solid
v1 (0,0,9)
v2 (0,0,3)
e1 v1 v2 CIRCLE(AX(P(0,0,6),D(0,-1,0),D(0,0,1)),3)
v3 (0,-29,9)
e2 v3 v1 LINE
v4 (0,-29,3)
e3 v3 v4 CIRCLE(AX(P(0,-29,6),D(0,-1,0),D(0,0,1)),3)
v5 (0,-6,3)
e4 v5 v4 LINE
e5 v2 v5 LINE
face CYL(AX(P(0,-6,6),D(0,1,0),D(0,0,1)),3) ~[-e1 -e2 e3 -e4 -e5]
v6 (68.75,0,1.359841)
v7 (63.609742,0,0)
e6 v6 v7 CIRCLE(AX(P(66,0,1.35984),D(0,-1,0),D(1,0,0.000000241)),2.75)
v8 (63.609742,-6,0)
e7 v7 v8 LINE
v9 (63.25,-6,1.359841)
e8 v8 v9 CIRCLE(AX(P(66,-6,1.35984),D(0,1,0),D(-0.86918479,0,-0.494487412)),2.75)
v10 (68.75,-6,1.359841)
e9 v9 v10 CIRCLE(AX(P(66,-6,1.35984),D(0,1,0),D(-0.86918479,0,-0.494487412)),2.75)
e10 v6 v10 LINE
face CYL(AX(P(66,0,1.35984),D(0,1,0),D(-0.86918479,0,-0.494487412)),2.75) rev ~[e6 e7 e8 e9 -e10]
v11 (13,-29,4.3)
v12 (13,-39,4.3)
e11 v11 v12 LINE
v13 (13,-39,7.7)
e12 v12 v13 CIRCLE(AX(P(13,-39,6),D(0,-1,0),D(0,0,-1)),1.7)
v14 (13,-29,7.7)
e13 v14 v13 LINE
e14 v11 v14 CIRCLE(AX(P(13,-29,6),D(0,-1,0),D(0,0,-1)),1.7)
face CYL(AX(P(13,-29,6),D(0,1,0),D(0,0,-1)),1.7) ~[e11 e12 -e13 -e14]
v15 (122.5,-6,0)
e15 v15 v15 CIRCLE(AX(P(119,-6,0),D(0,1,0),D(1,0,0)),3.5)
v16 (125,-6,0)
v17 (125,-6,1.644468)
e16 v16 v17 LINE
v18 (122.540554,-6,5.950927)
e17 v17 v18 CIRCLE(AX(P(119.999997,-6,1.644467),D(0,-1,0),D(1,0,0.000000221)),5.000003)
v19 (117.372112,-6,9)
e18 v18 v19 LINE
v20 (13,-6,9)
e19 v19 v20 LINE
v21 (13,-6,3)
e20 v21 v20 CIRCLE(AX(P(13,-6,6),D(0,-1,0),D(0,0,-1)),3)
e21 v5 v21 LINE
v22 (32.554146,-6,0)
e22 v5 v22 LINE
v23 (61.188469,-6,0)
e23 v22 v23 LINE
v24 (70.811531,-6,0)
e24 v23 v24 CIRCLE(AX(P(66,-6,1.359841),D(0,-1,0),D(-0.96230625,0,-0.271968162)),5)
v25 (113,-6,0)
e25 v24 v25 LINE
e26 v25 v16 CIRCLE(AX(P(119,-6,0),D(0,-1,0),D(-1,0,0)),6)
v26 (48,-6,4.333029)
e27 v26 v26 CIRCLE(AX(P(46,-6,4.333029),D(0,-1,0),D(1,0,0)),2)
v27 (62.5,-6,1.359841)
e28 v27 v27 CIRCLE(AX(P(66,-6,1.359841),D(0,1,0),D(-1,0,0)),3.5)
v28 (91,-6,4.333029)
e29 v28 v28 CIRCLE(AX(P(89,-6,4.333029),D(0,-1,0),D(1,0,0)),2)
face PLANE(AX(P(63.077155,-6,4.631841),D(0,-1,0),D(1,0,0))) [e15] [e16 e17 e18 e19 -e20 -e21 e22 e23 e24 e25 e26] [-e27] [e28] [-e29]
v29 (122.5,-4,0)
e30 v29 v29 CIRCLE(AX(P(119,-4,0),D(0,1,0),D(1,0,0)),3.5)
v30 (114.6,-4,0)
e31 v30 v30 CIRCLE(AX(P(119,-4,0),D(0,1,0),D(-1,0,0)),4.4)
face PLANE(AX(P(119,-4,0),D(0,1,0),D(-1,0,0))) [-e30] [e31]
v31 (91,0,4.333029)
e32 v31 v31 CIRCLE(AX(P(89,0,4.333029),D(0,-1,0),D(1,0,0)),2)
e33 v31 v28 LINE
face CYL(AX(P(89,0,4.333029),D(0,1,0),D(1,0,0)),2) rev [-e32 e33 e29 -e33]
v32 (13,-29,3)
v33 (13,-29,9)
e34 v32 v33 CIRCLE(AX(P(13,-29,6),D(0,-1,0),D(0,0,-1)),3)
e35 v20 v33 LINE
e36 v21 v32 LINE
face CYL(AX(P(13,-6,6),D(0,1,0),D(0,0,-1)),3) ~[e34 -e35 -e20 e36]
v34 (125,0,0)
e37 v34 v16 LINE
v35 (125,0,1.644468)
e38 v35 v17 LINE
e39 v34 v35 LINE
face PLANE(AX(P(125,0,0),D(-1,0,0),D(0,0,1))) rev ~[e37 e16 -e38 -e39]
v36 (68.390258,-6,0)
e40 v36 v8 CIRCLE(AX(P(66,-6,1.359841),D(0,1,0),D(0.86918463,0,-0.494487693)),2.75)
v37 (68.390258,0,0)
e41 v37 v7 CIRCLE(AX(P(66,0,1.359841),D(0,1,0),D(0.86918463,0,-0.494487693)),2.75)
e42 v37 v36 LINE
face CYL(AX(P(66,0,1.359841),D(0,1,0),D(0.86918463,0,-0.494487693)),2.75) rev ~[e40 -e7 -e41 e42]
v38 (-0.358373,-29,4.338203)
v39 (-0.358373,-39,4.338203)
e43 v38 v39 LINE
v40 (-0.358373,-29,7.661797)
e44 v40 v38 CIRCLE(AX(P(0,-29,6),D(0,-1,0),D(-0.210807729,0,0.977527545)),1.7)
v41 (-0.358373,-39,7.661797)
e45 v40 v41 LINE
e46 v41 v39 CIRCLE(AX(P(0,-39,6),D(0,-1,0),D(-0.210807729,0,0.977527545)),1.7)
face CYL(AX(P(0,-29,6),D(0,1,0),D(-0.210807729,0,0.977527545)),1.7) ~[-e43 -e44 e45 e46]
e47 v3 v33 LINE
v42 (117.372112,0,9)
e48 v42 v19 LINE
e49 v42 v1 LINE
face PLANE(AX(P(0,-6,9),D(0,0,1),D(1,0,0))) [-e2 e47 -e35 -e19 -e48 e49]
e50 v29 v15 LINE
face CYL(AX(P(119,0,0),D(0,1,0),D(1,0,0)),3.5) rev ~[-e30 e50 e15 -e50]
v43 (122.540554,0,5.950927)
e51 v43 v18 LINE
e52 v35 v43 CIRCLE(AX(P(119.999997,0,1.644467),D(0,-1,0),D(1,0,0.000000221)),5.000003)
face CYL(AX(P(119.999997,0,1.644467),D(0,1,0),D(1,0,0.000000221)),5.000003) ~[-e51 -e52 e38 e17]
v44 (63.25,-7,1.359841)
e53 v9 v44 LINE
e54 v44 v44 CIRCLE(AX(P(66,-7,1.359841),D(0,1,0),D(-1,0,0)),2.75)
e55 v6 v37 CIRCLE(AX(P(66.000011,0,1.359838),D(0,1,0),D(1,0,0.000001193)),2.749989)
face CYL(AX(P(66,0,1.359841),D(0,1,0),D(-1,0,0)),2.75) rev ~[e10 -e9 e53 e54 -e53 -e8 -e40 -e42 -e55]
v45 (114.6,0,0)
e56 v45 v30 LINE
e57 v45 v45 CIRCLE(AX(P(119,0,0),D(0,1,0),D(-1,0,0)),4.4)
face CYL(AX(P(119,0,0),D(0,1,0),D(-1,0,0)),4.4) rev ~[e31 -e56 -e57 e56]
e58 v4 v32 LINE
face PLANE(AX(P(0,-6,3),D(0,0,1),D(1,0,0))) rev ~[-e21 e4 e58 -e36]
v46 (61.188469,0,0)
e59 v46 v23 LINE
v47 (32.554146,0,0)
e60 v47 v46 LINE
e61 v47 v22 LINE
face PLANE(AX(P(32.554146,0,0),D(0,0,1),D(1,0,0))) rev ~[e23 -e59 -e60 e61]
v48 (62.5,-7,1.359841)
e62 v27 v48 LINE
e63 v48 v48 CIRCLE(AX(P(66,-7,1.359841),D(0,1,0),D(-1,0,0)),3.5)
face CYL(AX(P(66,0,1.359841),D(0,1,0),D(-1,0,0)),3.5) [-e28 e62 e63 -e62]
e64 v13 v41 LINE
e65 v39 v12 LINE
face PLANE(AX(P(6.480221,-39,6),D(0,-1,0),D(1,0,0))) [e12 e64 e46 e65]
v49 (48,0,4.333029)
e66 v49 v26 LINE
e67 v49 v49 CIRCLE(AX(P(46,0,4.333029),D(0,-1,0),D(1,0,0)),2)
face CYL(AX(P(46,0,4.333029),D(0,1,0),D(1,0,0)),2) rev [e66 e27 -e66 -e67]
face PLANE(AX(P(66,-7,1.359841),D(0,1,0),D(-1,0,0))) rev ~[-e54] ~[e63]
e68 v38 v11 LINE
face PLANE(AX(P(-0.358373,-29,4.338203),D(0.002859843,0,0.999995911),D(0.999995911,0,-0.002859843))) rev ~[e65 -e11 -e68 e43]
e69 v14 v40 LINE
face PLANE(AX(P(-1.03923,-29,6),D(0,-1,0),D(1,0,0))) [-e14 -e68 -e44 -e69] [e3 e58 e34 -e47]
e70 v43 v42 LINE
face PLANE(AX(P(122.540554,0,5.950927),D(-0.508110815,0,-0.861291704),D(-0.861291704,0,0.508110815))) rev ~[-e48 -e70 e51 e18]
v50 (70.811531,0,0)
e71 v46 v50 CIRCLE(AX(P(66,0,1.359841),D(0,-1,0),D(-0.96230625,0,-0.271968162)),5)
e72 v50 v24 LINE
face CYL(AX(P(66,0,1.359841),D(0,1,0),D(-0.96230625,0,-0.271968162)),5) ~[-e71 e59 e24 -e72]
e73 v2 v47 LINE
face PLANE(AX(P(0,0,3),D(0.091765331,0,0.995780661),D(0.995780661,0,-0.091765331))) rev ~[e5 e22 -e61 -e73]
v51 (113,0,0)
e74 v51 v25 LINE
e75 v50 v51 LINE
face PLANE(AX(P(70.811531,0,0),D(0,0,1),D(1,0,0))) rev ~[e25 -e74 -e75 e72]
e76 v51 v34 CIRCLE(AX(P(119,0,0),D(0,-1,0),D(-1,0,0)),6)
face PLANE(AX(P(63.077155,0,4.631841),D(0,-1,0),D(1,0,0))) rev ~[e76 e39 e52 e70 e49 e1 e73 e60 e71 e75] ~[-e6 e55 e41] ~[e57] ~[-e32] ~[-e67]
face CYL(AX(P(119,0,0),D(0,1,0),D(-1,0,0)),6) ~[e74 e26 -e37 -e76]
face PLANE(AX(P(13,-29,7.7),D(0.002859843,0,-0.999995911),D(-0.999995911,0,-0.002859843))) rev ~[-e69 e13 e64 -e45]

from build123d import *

# Parameters (mm, degrees)
F0_R     = 2
F1_DEPTH = 6
F2_R     = 4.4
F3_DEPTH = 4
F4_R     = 3.5
F4_R_2   = 2.75
F5_DEPTH = 7
F6_W     = 13
F6_H     = 6
F7_DEPTH = 23
F9_DEPTH = 10


with BuildPart() as f1:
    # F0 (on Front) → F1 (new body)
    with BuildSketch(Plane.XZ):
        with BuildLine():
            Line((0, 3), (32.554146, 0))
            Line((32.554146, 0), (61.188469, 0))
            Line((61.188469, 0), (63.609742, 0))
            ThreePointArc((63.609742, 0), (65.29669, 4.018384), (68.75, 1.359841))
            ThreePointArc((68.75, 1.359841), (68.658544, 0.65653), (68.390258, 0))
            Line((68.390258, 0), (70.811531, 0))
            Line((70.811531, 0), (113, 0))
            Line((113, 0), (115.5, 0))
            ThreePointArc((115.5, 0), (119, 3.5), (122.5, 0))
            Line((122.5, 0), (125, 0))
            Line((125, 0), (125, 1.644468))
            ThreePointArc((125, 1.644468), (124.341818, 4.124108), (122.540554, 5.950927))
            Line((122.540554, 5.950927), (117.372112, 9))
            Line((117.372112, 9), (0, 9))
            Line((0, 9), (0, 3))
        make_face()
        with Locations((46, 4.333029)):
            Circle(F0_R, mode=Mode.SUBTRACT)
        with Locations((89, 4.333029)):
            Circle(F0_R, mode=Mode.SUBTRACT)
        with BuildLine():
            Line((63.609742, 0), (61.188469, 0))
            ThreePointArc((61.188469, 0), (66, -3.640159), (70.811531, 0))
            Line((70.811531, 0), (68.390258, 0))
            ThreePointArc((68.390258, 0), (66, -1.390159), (63.609742, 0))
        make_face()
        with BuildLine():
            ThreePointArc((0, 9), (-3, 6), (0, 3))
            Line((0, 3), (0, 9))
        make_face()
        with BuildLine():
            Line((115.5, 0), (113, 0))
            ThreePointArc((113, 0), (119, -6), (125, 0))
            Line((125, 0), (122.5, 0))
            ThreePointArc((122.5, 0), (119, -3.5), (115.5, 0))
        make_face()
    extrude(amount=F1_DEPTH)

    # F2 (on face) → F3 (cut)
    with BuildSketch(Plane(origin=(0, 0, 0), x_dir=(-1, 0, 0), z_dir=(0, 1, 0))):
        with Locations((-119, 0)):
            Circle(F2_R)
    extrude(amount=-F3_DEPTH, mode=Mode.SUBTRACT)

    # F4 (on face) → F5 (join)
    with BuildSketch(Plane(origin=(0, 0, 0), x_dir=(-1, 0, 0), z_dir=(0, 1, 0))):
        with Locations((-66, 1.359841)):
            Circle(F4_R)
        with Locations((-66, 1.359841)):
            Circle(F4_R_2, mode=Mode.SUBTRACT)
    extrude(amount=-F5_DEPTH)

    # F6 (on face) → F7 (join)
    with BuildSketch(Plane.XZ.offset(6)):
        with BuildLine():
            Line((0, 3), (0, 9))
            ThreePointArc((0, 9), (-3, 6), (0, 3))
        make_face()
        with Locations((6.5, 6)):
            Rectangle(F6_W, F6_H)
        with BuildLine():
            ThreePointArc((13, 3), (16, 6), (13, 9))
            Line((13, 9), (13, 3))
        make_face()
    extrude(amount=F7_DEPTH)

    # F8 (on face) → F9 (join)
    with BuildSketch(Plane.XZ.offset(29)):
        with BuildLine():
            Line((13, 7.7), (-0.358373, 7.661797))
            ThreePointArc((-0.358373, 7.661797), (-1.7, 6), (-0.358373, 4.338203))
            Line((-0.358373, 4.338203), (13, 4.3))
            ThreePointArc((13, 4.3), (14.7, 6), (13, 7.7))
        make_face()
    extrude(amount=F9_DEPTH)


solid = f1.part
